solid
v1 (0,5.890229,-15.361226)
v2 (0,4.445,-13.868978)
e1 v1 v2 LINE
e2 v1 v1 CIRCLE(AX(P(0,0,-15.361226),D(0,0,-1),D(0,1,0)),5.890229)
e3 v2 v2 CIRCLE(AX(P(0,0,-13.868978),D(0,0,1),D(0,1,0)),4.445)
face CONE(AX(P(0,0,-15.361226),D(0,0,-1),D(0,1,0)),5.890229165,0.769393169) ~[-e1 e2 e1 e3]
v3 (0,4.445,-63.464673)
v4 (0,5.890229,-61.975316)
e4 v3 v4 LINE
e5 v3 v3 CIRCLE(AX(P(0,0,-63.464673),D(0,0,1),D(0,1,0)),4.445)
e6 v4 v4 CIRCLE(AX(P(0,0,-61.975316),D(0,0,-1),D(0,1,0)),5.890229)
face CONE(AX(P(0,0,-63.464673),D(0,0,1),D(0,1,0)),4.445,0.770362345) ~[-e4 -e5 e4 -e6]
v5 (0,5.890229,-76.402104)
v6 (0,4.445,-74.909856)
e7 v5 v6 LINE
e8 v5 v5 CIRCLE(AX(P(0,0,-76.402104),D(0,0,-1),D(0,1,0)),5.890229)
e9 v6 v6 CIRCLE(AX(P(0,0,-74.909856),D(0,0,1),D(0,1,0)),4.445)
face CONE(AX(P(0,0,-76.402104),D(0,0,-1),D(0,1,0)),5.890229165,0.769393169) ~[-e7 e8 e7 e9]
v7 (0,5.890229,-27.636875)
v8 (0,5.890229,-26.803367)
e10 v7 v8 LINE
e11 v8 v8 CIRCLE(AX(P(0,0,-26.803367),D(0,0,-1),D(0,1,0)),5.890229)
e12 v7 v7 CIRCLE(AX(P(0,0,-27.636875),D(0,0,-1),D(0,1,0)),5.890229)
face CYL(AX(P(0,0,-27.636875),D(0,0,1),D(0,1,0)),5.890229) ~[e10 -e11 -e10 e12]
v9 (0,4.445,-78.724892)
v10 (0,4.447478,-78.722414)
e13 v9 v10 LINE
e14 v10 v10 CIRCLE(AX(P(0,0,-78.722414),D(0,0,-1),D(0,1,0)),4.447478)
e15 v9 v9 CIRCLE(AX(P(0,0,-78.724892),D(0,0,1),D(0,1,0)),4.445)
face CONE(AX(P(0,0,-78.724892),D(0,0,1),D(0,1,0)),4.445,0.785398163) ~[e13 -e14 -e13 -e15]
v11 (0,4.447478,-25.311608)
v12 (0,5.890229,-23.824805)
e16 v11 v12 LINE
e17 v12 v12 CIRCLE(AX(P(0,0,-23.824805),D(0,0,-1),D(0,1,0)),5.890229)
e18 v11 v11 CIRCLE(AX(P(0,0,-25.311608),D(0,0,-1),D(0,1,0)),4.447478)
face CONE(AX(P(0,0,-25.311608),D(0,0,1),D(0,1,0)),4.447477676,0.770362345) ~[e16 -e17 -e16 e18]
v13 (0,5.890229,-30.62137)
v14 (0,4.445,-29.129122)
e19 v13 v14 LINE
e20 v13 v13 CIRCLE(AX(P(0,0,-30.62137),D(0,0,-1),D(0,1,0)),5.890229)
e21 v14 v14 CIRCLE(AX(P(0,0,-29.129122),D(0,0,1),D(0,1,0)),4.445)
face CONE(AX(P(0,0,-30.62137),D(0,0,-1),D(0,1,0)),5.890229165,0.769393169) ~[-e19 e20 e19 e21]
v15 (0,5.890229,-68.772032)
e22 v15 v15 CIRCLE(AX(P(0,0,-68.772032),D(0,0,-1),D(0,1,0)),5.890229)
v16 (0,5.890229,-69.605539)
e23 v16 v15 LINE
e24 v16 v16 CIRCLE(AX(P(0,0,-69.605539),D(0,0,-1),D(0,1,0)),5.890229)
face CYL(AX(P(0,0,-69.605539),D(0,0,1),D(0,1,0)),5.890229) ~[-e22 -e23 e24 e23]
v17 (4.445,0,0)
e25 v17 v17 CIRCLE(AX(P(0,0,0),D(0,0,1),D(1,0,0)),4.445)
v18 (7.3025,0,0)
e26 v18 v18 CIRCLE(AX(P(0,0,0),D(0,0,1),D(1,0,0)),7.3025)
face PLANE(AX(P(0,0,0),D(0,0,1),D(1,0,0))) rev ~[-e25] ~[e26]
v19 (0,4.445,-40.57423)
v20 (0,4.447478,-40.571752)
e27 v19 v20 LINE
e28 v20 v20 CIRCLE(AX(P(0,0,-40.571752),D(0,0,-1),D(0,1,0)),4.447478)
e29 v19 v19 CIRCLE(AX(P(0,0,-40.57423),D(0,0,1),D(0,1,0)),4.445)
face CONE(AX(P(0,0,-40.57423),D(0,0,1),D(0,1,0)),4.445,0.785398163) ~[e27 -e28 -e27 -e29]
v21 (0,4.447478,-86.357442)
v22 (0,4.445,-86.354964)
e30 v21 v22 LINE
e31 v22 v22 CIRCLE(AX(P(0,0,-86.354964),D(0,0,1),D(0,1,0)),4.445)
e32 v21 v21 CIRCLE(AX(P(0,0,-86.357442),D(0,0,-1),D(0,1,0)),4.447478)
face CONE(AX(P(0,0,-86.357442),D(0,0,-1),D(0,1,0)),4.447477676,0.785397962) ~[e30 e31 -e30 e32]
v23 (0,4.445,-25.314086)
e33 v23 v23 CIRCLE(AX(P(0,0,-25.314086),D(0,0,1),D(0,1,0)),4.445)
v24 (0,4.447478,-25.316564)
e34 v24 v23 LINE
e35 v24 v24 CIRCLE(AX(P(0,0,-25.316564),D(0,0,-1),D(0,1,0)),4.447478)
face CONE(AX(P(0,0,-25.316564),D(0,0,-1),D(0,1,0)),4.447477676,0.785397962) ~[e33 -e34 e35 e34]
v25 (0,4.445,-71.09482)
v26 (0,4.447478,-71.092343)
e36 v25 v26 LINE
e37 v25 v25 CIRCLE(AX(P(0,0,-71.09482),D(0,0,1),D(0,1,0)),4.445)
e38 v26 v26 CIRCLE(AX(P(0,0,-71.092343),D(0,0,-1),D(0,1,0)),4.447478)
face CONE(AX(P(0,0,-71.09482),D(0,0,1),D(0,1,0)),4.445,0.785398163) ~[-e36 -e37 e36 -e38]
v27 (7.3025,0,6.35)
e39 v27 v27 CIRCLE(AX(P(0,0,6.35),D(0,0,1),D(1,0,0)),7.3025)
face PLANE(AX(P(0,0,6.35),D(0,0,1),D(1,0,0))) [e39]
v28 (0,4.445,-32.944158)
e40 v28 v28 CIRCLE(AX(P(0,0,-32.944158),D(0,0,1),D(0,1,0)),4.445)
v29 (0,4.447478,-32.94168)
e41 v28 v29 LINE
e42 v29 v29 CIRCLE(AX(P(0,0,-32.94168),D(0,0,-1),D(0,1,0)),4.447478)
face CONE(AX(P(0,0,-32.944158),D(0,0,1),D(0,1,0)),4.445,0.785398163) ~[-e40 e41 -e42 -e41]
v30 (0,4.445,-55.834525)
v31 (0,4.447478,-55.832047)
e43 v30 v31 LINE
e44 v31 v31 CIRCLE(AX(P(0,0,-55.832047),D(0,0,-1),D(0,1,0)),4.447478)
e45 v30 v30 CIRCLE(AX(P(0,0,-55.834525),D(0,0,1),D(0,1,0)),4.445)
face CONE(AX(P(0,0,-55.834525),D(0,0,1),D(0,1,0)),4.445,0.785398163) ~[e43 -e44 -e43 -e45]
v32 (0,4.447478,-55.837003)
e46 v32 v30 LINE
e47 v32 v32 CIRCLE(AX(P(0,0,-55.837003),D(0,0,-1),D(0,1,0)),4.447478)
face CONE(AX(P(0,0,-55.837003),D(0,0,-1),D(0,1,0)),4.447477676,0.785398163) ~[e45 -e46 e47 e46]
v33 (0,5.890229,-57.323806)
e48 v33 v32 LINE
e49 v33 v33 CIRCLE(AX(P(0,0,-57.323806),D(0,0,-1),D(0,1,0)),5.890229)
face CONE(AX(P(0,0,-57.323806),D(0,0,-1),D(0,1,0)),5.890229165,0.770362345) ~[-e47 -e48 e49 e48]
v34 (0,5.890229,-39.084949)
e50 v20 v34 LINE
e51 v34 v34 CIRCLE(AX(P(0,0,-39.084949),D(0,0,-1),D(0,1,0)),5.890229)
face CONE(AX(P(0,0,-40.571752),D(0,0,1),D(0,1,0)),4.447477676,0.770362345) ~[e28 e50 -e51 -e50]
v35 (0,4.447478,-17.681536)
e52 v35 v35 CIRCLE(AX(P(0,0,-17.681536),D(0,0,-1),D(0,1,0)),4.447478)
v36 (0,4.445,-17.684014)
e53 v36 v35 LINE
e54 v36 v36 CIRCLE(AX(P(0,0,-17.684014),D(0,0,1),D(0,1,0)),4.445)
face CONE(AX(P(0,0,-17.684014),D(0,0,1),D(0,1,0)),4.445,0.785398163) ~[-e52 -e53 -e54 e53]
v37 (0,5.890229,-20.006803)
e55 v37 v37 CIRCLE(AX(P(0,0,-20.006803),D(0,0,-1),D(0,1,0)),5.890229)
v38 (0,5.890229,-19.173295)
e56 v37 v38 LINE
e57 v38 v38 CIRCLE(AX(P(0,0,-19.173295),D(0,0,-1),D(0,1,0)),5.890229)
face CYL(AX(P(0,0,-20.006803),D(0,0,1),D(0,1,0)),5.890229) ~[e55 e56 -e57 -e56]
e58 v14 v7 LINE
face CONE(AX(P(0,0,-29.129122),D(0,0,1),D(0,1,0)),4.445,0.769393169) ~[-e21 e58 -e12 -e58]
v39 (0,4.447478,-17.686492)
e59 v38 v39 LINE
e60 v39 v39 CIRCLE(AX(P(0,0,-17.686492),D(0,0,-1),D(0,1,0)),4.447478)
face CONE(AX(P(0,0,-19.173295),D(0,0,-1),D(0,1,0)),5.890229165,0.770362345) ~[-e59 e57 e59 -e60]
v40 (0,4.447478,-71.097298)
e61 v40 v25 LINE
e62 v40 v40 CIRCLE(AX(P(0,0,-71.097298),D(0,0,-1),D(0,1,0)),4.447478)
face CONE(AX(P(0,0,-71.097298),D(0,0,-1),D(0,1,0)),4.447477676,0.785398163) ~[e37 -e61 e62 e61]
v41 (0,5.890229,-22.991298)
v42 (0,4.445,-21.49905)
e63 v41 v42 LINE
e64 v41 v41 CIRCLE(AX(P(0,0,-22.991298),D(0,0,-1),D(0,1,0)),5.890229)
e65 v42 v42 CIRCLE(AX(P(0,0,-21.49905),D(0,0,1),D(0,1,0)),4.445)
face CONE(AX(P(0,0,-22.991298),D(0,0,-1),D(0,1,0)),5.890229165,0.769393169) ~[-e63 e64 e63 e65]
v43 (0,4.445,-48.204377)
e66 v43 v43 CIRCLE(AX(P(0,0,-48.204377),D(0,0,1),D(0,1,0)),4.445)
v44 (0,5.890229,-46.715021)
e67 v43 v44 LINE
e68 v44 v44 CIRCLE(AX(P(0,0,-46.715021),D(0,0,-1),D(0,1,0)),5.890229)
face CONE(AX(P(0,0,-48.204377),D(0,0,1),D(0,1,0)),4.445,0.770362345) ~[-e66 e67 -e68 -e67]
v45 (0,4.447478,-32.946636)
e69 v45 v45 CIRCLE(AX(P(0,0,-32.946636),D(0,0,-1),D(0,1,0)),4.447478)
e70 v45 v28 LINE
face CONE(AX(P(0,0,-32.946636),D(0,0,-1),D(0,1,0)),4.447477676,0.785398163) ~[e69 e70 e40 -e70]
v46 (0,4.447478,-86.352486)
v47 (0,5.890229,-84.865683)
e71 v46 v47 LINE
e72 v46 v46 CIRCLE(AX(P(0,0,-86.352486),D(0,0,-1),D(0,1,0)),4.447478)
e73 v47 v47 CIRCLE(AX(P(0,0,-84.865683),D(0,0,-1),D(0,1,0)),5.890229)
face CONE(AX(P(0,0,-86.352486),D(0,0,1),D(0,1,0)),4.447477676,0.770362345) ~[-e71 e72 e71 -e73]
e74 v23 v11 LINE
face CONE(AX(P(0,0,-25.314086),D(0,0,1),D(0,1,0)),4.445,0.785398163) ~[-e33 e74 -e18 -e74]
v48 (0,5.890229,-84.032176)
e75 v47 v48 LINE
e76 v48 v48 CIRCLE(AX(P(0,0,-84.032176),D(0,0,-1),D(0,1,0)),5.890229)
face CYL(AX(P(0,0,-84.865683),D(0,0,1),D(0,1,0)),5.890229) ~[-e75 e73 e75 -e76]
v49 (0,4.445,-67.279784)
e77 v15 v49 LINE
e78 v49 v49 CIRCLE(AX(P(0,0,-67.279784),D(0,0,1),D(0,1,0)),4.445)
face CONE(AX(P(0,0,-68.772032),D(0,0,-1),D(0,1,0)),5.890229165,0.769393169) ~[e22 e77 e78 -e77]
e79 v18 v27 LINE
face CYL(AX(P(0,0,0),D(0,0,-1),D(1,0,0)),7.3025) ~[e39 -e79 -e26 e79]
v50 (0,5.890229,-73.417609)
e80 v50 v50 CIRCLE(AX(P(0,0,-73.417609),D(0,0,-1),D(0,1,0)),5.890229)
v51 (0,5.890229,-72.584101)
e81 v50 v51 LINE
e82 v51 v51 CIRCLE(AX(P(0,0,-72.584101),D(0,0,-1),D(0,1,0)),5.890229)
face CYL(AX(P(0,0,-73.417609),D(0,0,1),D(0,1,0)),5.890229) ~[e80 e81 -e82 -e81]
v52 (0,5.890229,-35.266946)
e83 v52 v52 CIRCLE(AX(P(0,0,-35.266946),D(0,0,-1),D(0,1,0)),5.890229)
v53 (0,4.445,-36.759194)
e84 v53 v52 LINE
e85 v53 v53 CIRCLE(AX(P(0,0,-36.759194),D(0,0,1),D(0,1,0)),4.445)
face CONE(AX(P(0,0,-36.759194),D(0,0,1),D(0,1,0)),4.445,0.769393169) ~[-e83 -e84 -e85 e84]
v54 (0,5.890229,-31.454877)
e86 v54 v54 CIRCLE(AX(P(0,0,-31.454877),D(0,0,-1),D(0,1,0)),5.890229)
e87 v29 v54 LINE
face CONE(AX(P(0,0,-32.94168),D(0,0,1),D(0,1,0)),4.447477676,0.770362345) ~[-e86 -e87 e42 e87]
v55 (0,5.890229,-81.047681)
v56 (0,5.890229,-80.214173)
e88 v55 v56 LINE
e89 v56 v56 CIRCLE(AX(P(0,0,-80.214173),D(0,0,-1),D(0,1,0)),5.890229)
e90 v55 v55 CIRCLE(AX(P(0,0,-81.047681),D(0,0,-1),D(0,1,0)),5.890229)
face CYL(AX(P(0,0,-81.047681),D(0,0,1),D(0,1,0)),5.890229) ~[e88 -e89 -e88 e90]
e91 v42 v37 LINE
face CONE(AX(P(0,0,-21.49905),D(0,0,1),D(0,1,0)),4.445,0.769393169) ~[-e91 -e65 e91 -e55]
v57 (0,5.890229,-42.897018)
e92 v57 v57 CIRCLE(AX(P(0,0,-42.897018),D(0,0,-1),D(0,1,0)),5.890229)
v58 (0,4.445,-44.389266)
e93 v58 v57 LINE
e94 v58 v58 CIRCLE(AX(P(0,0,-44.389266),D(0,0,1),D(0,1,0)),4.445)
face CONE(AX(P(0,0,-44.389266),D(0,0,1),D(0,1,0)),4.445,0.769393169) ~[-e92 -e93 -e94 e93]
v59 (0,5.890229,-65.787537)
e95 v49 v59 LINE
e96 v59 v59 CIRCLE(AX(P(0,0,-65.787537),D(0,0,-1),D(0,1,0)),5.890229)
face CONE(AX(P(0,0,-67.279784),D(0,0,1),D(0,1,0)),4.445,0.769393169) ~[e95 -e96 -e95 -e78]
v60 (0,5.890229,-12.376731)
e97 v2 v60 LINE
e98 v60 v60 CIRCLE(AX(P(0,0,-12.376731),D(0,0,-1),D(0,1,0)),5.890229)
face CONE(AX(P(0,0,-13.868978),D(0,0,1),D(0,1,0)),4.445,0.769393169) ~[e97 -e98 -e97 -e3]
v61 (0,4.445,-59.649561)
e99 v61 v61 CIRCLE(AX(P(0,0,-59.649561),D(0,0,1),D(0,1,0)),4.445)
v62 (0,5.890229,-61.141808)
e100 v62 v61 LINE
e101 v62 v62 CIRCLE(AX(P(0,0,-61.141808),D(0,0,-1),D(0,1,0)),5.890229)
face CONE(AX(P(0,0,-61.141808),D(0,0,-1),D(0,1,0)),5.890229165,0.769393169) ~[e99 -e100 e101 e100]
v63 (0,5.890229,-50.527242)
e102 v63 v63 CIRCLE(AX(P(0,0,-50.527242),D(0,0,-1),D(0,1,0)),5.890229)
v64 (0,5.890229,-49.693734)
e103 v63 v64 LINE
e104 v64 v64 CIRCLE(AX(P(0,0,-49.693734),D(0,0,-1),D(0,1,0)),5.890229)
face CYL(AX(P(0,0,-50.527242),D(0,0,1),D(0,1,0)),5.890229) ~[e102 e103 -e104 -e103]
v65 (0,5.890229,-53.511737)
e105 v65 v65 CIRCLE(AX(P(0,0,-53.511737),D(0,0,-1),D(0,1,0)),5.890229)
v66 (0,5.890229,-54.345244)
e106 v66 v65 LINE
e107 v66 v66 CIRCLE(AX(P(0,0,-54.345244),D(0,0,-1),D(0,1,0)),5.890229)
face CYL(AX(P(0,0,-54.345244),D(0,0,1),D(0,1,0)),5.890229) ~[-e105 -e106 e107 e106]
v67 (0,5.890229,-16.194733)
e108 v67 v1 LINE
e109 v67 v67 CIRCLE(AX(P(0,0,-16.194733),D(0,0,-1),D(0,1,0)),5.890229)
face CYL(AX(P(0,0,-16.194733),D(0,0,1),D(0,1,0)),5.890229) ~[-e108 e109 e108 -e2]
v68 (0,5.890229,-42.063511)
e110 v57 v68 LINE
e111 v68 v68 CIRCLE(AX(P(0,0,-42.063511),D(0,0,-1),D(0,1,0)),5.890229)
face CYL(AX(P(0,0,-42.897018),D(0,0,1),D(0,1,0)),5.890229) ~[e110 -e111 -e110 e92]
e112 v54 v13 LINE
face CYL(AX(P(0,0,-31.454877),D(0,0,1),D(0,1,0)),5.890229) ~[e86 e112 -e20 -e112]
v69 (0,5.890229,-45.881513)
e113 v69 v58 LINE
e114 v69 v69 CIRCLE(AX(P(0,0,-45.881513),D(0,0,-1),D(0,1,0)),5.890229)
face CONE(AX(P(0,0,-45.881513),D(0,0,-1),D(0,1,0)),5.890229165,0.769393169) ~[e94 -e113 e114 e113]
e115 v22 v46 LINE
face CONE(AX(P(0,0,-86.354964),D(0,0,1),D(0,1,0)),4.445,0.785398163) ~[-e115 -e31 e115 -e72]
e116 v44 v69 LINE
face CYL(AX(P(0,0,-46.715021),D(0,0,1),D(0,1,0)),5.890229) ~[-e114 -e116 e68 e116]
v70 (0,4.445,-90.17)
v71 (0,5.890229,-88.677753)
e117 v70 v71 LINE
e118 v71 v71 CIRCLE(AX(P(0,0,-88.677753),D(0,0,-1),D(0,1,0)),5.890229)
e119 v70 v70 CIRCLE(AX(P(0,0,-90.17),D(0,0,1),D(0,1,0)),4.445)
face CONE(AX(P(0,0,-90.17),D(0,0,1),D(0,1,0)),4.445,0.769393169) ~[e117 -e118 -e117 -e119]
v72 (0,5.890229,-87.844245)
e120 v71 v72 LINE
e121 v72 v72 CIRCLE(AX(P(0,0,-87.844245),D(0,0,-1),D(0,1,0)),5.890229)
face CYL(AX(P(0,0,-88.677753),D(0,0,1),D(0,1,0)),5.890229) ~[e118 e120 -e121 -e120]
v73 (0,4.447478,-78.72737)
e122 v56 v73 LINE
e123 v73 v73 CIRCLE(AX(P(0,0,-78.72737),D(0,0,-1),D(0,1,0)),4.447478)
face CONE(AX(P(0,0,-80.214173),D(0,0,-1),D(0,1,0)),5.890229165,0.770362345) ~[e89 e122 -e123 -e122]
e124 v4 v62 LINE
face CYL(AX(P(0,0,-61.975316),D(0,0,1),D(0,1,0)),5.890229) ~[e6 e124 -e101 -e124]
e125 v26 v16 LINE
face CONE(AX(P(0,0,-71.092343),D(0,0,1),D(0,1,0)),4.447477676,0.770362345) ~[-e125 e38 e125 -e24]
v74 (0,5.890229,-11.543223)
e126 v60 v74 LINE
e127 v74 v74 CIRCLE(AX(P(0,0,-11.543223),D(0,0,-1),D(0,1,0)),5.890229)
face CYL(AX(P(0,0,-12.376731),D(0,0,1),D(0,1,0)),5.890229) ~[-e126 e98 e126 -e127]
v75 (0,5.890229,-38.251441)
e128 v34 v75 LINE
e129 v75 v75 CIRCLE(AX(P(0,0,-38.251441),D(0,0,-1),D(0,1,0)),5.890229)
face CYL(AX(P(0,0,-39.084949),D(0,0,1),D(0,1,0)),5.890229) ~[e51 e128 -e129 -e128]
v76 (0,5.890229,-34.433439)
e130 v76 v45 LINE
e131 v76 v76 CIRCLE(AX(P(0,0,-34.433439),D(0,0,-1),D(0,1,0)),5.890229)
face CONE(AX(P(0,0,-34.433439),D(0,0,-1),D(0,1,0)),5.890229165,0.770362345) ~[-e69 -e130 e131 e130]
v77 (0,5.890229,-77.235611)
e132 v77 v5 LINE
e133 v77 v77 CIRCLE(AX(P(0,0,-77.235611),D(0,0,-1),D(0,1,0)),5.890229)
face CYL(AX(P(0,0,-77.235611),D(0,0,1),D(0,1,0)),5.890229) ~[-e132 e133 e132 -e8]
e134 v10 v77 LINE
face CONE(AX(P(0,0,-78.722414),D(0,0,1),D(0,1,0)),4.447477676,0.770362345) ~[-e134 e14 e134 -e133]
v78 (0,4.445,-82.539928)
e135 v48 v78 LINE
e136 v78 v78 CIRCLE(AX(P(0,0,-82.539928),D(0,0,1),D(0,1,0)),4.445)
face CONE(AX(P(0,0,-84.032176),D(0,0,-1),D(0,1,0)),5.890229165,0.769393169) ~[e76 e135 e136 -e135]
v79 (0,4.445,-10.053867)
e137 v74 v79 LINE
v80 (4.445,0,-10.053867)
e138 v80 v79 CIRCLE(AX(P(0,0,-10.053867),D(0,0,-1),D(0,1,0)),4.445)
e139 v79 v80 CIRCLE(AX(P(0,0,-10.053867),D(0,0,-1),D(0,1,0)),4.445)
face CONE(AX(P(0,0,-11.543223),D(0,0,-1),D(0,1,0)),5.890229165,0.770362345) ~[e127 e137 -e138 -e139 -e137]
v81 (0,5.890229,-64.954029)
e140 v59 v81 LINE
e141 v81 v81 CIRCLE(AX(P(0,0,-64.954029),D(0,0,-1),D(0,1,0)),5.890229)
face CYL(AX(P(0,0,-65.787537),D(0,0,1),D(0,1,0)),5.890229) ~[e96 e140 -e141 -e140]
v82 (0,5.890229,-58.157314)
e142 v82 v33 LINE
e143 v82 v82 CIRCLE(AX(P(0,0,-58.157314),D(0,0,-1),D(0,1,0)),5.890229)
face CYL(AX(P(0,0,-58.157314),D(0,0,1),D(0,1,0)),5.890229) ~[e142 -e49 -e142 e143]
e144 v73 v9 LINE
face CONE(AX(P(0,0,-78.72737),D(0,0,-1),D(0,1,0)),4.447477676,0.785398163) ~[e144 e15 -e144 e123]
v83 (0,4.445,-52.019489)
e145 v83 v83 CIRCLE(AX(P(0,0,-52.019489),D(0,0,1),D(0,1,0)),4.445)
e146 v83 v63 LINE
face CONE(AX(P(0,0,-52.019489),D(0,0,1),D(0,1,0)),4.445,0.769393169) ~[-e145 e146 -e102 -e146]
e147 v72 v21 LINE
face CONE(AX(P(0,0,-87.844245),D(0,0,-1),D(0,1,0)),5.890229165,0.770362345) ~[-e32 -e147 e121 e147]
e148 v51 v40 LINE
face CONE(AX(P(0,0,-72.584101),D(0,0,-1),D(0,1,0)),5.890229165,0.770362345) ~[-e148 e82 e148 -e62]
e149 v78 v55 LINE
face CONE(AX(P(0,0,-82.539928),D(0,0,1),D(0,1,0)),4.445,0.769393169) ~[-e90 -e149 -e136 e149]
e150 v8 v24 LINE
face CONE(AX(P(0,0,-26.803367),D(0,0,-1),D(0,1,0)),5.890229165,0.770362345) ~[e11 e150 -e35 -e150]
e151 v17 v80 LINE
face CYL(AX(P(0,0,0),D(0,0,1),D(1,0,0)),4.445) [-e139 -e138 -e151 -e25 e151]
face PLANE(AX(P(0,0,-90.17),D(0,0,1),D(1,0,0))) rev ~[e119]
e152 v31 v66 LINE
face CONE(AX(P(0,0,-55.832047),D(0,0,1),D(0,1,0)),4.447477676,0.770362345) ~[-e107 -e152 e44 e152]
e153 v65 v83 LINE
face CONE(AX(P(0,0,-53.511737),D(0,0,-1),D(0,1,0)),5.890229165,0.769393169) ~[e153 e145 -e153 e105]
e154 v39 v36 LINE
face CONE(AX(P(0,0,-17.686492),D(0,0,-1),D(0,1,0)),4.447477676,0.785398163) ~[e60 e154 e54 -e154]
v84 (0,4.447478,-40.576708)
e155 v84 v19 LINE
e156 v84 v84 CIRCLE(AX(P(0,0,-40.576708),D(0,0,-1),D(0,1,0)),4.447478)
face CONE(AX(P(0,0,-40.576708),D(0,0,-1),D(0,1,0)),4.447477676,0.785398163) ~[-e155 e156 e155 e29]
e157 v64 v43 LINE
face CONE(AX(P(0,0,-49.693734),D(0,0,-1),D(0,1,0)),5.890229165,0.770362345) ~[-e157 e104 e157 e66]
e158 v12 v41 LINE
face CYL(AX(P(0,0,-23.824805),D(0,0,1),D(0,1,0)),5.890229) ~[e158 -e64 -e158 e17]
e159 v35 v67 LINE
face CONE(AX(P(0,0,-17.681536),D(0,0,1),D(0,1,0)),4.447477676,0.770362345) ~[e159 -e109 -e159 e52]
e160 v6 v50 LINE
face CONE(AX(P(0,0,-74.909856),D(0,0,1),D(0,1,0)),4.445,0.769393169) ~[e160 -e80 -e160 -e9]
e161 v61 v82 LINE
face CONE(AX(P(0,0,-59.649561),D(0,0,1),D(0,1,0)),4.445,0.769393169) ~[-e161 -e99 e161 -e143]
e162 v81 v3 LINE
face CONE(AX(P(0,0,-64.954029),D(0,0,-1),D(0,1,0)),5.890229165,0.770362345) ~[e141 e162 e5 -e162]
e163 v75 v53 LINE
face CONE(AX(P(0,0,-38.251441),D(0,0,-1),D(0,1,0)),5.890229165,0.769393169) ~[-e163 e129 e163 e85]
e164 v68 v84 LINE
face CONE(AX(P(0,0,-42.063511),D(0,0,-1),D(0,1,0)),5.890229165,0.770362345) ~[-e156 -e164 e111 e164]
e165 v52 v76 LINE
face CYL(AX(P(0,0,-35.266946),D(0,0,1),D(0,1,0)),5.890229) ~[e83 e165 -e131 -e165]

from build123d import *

# Parameters (mm, degrees)
SKETCH1_R           = 7.3025
BOSS_EXTRUDE1_DEPTH = 6.35
SKETCH2_R           = 4.445
BOSS_EXTRUDE2_DEPTH = 90.17


with BuildPart() as part:
    # Sketch1 → Boss-Extrude1 (new body)
    with BuildSketch(Plane.XY):
        Circle(SKETCH1_R)
    extrude(amount=BOSS_EXTRUDE1_DEPTH)

    # Sketch2 → Boss-Extrude2 (add)
    with BuildSketch(Plane.XY):
        Circle(SKETCH2_R)
    extrude(amount=-BOSS_EXTRUDE2_DEPTH)

    # Sketch8 → Revolve2 (revolve)
    with BuildSketch(Plane(origin=(0, 0, 0), x_dir=(0, 0, -1), z_dir=(1, 0, 0))):
        Polygon((10.053866594, 4.445), (13.868978205, 4.445), (12.376730728, 5.890229165), (11.54322298, 5.890229165), align=None)
        Polygon((86.357441717, 4.447477676), (86.35496404, 4.445), (90.17, 4.445), (88.677752523, 5.890229165), (87.844244775, 5.890229165), align=None)
        Polygon((84.032175557, 5.890229165), (82.539928081, 4.445), (86.35496404, 4.445), (86.352486364, 4.447477676), (84.865683306, 5.890229165), align=None)
        Polygon((78.727369797, 4.447477676), (78.724892121, 4.445), (82.539928081, 4.445), (81.047680604, 5.890229165), (80.214172856, 5.890229165), align=None)
        Polygon((76.402103638, 5.890229165), (74.909856162, 4.445), (78.724892121, 4.445), (78.722414445, 4.447477676), (77.235611386, 5.890229165), align=None)
        Polygon((71.097297878, 4.447477676), (71.094820202, 4.445), (74.909856162, 4.445), (73.417608685, 5.890229165), (72.584100937, 5.890229165), align=None)
        Polygon((68.772031719, 5.890229165), (67.279784243, 4.445), (71.094820202, 4.445), (71.092342526, 4.447477676), (69.605539467, 5.890229165), align=None)
        Polygon((64.954029018, 5.890229165), (63.464672632, 4.445), (67.279784243, 4.445), (65.787536766, 5.890229165), align=None)
        Polygon((61.141808498, 5.890229165), (59.649561022, 4.445), (63.464672632, 4.445), (61.975316246, 5.890229165), align=None)
        Polygon((55.837002738, 4.447477676), (55.834525062, 4.445), (59.649561022, 4.445), (58.157313545, 5.890229165), (57.323805797, 5.890229165), align=None)
        Polygon((53.511736579, 5.890229165), (52.019489102, 4.445), (55.834525062, 4.445), (55.832047386, 4.447477676), (54.345244327, 5.890229165), align=None)
        Polygon((49.693733878, 5.890229165), (48.204377492, 4.445), (52.019489102, 4.445), (50.527241626, 5.890229165), align=None)
        Polygon((45.881513358, 5.890229165), (44.389265881, 4.445), (48.204377492, 4.445), (46.715021106, 5.890229165), align=None)
        Polygon((40.576707598, 4.447477676), (40.574229922, 4.445), (44.389265881, 4.445), (42.897018405, 5.890229165), (42.063510657, 5.890229165), align=None)
        Polygon((38.251441439, 5.890229165), (36.759193962, 4.445), (40.574229922, 4.445), (40.571752246, 4.447477676), (39.084949187, 5.890229165), align=None)
        Polygon((32.946635679, 4.447477676), (32.944158003, 4.445), (36.759193962, 4.445), (35.266946486, 5.890229165), (34.433438737, 5.890229165), align=None)
        Polygon((30.62136952, 5.890229165), (29.129122043, 4.445), (32.944158003, 4.445), (32.941680327, 4.447477676), (31.454877268, 5.890229165), align=None)
        Polygon((25.31656376, 4.447477676), (25.314086083, 4.445), (29.129122043, 4.445), (27.636874566, 5.890229165), (26.803366818, 5.890229165), align=None)
        Polygon((22.991297601, 5.890229165), (21.499050124, 4.445), (25.314086083, 4.445), (25.311608407, 4.447477676), (23.824805349, 5.890229165), align=None)
        Polygon((17.68649184, 4.447477676), (17.684014164, 4.445), (21.499050124, 4.445), (20.006802647, 5.890229165), (19.173294899, 5.890229165), align=None)
        Polygon((15.361225681, 5.890229165), (13.868978205, 4.445), (17.684014164, 4.445), (17.681536488, 4.447477676), (16.19473343, 5.890229165), align=None)
    revolve(axis=Axis((0, 0, -90.17), (0, 0, -1)))


solid = part.part
